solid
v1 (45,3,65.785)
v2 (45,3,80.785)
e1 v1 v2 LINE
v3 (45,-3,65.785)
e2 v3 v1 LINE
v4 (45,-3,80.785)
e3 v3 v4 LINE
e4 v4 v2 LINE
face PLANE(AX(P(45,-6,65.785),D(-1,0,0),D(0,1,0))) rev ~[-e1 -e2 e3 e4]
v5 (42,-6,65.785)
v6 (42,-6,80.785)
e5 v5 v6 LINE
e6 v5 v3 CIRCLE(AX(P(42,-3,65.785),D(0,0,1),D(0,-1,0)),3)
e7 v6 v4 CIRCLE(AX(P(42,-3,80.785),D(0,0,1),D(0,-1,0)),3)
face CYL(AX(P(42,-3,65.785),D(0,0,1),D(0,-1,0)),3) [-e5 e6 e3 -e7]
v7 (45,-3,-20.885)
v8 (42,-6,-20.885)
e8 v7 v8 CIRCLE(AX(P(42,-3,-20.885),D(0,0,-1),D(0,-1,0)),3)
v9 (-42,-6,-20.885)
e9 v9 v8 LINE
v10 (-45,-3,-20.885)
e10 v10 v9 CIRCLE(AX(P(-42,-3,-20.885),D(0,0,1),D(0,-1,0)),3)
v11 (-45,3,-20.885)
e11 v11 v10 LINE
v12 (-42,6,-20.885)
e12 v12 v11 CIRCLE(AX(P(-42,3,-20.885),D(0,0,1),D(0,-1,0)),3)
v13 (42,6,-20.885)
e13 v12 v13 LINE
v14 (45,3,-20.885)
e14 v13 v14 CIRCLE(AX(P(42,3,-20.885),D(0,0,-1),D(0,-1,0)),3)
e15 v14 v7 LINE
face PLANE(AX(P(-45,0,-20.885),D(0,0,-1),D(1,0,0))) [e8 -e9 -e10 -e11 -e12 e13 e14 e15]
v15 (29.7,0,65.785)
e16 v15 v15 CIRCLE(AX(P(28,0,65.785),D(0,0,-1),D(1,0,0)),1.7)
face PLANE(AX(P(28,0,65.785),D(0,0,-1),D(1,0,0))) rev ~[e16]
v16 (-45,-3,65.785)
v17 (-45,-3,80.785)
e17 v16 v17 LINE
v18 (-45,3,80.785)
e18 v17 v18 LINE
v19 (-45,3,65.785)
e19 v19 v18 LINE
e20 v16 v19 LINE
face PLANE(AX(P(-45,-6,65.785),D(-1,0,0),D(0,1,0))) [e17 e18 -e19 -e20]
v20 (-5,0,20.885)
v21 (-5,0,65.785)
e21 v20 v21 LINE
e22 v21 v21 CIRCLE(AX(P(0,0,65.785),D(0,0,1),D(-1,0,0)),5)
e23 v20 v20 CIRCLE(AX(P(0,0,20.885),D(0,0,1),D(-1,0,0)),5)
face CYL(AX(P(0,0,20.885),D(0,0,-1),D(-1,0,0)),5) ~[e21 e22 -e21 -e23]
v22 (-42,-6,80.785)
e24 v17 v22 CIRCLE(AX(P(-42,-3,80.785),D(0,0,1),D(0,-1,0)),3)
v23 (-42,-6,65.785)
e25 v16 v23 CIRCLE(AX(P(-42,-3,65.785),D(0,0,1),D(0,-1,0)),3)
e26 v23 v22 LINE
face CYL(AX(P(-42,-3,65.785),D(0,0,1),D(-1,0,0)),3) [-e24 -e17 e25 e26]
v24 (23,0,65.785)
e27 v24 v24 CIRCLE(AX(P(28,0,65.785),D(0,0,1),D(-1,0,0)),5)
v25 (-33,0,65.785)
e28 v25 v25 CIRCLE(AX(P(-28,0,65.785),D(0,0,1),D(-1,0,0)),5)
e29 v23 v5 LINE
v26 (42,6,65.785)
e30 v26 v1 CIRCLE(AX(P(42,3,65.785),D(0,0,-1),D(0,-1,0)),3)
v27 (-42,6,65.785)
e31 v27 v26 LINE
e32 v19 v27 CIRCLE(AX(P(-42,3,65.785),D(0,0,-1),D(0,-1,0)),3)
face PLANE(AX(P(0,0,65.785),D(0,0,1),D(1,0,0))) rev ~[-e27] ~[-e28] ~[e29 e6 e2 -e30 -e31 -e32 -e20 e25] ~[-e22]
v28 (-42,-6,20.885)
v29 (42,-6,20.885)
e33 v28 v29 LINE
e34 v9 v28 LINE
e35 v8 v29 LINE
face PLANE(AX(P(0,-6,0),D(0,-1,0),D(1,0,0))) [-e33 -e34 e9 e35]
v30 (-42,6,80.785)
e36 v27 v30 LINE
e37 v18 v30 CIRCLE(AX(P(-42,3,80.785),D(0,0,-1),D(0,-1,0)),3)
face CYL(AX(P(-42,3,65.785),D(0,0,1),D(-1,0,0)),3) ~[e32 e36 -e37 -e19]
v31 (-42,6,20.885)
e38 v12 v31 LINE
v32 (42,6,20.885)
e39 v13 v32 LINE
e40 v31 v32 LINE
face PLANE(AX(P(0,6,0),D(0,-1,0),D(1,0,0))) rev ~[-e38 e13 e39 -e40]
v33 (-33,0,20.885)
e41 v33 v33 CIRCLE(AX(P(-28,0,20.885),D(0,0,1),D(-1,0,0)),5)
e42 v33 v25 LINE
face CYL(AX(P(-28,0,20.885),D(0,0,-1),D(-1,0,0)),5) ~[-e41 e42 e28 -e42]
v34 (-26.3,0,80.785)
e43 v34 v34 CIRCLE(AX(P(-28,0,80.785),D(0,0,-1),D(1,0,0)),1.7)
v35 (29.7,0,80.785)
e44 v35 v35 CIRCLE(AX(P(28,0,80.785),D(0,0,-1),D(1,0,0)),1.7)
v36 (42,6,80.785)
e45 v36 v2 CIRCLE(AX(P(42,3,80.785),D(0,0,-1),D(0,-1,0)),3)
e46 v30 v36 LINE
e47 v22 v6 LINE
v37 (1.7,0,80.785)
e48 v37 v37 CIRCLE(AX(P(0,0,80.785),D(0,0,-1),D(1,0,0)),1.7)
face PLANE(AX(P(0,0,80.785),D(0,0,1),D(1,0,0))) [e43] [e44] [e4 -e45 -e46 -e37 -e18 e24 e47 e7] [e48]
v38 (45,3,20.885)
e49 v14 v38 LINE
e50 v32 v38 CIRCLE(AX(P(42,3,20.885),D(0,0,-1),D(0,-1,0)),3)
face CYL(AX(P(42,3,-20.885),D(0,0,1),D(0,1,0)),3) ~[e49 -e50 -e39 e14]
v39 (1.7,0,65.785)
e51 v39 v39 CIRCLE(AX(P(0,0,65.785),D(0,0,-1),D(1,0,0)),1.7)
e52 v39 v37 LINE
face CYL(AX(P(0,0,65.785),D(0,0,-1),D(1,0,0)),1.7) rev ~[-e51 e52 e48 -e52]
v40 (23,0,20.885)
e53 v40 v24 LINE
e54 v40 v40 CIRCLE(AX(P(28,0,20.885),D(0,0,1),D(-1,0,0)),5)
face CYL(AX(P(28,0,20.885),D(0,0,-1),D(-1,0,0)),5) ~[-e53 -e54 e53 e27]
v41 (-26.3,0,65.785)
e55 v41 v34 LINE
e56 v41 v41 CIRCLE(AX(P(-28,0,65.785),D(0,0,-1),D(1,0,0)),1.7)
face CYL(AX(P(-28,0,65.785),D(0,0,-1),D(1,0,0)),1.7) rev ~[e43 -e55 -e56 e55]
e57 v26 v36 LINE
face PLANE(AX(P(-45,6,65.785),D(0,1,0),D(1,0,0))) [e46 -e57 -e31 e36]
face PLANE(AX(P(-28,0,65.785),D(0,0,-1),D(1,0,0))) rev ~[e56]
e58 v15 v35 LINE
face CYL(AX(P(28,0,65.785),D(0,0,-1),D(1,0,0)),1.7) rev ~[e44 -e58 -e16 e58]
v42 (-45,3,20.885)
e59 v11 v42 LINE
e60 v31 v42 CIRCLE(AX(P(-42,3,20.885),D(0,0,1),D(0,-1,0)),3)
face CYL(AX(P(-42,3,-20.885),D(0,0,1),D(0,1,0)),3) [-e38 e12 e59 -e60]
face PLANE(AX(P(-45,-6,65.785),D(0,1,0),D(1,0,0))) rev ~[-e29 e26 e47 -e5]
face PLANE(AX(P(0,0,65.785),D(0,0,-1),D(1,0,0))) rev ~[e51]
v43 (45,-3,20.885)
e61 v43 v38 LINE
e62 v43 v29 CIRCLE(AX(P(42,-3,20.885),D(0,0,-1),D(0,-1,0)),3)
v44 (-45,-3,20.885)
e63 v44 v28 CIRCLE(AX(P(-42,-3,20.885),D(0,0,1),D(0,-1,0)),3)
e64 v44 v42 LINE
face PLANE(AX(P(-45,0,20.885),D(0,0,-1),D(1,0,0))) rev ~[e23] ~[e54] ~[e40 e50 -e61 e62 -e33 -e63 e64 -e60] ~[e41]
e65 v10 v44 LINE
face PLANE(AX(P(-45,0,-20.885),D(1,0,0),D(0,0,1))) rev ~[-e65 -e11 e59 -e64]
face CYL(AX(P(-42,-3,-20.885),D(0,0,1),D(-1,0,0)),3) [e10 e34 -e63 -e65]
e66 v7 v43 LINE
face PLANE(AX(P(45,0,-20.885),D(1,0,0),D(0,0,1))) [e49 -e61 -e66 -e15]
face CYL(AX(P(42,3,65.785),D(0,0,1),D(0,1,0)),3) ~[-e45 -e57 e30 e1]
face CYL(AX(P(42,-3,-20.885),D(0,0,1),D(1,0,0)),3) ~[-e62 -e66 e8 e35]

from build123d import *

# Parameters (mm, degrees)
F0_W     = 90
F0_H     = 41.77
F1_DEPTH = 6
F3_DEPTH = 44.9
F4_W     = 90
F4_H     = 12
F4_R     = 5
F5_DEPTH = 15
F6_R     = 3
F7_R     = 1.7
F8_DEPTH = 20


with BuildPart() as f1:
    # F0 (on Front) → F1 (new body, symmetric)
    with BuildSketch(Plane.XZ):
        Rectangle(F0_W, F0_H)
    extrude(amount=F1_DEPTH, both=True)

    # F2 (on face) → F3 (join)
    with BuildSketch(Plane.XY.offset(20.885)):
        with BuildLine():
            Line((-28, 0), (-23, 0))
            ThreePointArc((-23, 0), (-28, 5), (-33, 0))
            Line((-33, 0), (-28, 0))
        make_face()
        with BuildLine():
            ThreePointArc((-33, 0), (-28, -5), (-23, 0))
            Line((-23, 0), (-28, 0))
            Line((-28, 0), (-33, 0))
        make_face()
        with BuildLine():
            Line((-5, 0), (0, 0))
            Line((0, 0), (5, 0))
            ThreePointArc((5, 0), (0, 5), (-5, 0))
        make_face()
        with BuildLine():
            Line((5, 0), (0, 0))
            Line((0, 0), (-5, 0))
            ThreePointArc((-5, 0), (0, -5), (5, 0))
        make_face()
        with BuildLine():
            ThreePointArc((33, 0), (28, 5), (23, 0))
            ThreePointArc((23, 0), (28, -5), (33, 0))
        make_face()
    extrude(amount=F3_DEPTH)

    # F4 (on face) → F5 (join)
    with BuildSketch(Plane.XY.offset(65.785)):
        Rectangle(F4_W, F4_H)
        with Locations((-28, 0)):
            Circle(F4_R, mode=Mode.SUBTRACT)
        with Locations((-28, 0)):
            Circle(F4_R)
    extrude(amount=F5_DEPTH)

    # F6
    f6_edges = [f1.edges().sort_by_distance(p)[0] for p in [
        (45, -6, 0),
        (45, 6, 0),
        (-45, -6, 0),
        (-45, 6, 0),
        (-45, 6, 73.285),
        (-45, -6, 73.285),
        (45, -6, 73.285),
        (45, 6, 73.285),
    ]]
    fillet(f6_edges, radius=F6_R)

    # F7 (on face) → F8 (cut)
    with BuildSketch(Plane(origin=(0, 0, 65.785), x_dir=(1, 0, 0), z_dir=(0, 0, -1))):
        with Locations((-28, 0)):
            Circle(F7_R)
        Circle(F7_R)
        with Locations((28, 0)):
            Circle(F7_R)
    extrude(amount=-F8_DEPTH, mode=Mode.SUBTRACT)


solid = f1.part
